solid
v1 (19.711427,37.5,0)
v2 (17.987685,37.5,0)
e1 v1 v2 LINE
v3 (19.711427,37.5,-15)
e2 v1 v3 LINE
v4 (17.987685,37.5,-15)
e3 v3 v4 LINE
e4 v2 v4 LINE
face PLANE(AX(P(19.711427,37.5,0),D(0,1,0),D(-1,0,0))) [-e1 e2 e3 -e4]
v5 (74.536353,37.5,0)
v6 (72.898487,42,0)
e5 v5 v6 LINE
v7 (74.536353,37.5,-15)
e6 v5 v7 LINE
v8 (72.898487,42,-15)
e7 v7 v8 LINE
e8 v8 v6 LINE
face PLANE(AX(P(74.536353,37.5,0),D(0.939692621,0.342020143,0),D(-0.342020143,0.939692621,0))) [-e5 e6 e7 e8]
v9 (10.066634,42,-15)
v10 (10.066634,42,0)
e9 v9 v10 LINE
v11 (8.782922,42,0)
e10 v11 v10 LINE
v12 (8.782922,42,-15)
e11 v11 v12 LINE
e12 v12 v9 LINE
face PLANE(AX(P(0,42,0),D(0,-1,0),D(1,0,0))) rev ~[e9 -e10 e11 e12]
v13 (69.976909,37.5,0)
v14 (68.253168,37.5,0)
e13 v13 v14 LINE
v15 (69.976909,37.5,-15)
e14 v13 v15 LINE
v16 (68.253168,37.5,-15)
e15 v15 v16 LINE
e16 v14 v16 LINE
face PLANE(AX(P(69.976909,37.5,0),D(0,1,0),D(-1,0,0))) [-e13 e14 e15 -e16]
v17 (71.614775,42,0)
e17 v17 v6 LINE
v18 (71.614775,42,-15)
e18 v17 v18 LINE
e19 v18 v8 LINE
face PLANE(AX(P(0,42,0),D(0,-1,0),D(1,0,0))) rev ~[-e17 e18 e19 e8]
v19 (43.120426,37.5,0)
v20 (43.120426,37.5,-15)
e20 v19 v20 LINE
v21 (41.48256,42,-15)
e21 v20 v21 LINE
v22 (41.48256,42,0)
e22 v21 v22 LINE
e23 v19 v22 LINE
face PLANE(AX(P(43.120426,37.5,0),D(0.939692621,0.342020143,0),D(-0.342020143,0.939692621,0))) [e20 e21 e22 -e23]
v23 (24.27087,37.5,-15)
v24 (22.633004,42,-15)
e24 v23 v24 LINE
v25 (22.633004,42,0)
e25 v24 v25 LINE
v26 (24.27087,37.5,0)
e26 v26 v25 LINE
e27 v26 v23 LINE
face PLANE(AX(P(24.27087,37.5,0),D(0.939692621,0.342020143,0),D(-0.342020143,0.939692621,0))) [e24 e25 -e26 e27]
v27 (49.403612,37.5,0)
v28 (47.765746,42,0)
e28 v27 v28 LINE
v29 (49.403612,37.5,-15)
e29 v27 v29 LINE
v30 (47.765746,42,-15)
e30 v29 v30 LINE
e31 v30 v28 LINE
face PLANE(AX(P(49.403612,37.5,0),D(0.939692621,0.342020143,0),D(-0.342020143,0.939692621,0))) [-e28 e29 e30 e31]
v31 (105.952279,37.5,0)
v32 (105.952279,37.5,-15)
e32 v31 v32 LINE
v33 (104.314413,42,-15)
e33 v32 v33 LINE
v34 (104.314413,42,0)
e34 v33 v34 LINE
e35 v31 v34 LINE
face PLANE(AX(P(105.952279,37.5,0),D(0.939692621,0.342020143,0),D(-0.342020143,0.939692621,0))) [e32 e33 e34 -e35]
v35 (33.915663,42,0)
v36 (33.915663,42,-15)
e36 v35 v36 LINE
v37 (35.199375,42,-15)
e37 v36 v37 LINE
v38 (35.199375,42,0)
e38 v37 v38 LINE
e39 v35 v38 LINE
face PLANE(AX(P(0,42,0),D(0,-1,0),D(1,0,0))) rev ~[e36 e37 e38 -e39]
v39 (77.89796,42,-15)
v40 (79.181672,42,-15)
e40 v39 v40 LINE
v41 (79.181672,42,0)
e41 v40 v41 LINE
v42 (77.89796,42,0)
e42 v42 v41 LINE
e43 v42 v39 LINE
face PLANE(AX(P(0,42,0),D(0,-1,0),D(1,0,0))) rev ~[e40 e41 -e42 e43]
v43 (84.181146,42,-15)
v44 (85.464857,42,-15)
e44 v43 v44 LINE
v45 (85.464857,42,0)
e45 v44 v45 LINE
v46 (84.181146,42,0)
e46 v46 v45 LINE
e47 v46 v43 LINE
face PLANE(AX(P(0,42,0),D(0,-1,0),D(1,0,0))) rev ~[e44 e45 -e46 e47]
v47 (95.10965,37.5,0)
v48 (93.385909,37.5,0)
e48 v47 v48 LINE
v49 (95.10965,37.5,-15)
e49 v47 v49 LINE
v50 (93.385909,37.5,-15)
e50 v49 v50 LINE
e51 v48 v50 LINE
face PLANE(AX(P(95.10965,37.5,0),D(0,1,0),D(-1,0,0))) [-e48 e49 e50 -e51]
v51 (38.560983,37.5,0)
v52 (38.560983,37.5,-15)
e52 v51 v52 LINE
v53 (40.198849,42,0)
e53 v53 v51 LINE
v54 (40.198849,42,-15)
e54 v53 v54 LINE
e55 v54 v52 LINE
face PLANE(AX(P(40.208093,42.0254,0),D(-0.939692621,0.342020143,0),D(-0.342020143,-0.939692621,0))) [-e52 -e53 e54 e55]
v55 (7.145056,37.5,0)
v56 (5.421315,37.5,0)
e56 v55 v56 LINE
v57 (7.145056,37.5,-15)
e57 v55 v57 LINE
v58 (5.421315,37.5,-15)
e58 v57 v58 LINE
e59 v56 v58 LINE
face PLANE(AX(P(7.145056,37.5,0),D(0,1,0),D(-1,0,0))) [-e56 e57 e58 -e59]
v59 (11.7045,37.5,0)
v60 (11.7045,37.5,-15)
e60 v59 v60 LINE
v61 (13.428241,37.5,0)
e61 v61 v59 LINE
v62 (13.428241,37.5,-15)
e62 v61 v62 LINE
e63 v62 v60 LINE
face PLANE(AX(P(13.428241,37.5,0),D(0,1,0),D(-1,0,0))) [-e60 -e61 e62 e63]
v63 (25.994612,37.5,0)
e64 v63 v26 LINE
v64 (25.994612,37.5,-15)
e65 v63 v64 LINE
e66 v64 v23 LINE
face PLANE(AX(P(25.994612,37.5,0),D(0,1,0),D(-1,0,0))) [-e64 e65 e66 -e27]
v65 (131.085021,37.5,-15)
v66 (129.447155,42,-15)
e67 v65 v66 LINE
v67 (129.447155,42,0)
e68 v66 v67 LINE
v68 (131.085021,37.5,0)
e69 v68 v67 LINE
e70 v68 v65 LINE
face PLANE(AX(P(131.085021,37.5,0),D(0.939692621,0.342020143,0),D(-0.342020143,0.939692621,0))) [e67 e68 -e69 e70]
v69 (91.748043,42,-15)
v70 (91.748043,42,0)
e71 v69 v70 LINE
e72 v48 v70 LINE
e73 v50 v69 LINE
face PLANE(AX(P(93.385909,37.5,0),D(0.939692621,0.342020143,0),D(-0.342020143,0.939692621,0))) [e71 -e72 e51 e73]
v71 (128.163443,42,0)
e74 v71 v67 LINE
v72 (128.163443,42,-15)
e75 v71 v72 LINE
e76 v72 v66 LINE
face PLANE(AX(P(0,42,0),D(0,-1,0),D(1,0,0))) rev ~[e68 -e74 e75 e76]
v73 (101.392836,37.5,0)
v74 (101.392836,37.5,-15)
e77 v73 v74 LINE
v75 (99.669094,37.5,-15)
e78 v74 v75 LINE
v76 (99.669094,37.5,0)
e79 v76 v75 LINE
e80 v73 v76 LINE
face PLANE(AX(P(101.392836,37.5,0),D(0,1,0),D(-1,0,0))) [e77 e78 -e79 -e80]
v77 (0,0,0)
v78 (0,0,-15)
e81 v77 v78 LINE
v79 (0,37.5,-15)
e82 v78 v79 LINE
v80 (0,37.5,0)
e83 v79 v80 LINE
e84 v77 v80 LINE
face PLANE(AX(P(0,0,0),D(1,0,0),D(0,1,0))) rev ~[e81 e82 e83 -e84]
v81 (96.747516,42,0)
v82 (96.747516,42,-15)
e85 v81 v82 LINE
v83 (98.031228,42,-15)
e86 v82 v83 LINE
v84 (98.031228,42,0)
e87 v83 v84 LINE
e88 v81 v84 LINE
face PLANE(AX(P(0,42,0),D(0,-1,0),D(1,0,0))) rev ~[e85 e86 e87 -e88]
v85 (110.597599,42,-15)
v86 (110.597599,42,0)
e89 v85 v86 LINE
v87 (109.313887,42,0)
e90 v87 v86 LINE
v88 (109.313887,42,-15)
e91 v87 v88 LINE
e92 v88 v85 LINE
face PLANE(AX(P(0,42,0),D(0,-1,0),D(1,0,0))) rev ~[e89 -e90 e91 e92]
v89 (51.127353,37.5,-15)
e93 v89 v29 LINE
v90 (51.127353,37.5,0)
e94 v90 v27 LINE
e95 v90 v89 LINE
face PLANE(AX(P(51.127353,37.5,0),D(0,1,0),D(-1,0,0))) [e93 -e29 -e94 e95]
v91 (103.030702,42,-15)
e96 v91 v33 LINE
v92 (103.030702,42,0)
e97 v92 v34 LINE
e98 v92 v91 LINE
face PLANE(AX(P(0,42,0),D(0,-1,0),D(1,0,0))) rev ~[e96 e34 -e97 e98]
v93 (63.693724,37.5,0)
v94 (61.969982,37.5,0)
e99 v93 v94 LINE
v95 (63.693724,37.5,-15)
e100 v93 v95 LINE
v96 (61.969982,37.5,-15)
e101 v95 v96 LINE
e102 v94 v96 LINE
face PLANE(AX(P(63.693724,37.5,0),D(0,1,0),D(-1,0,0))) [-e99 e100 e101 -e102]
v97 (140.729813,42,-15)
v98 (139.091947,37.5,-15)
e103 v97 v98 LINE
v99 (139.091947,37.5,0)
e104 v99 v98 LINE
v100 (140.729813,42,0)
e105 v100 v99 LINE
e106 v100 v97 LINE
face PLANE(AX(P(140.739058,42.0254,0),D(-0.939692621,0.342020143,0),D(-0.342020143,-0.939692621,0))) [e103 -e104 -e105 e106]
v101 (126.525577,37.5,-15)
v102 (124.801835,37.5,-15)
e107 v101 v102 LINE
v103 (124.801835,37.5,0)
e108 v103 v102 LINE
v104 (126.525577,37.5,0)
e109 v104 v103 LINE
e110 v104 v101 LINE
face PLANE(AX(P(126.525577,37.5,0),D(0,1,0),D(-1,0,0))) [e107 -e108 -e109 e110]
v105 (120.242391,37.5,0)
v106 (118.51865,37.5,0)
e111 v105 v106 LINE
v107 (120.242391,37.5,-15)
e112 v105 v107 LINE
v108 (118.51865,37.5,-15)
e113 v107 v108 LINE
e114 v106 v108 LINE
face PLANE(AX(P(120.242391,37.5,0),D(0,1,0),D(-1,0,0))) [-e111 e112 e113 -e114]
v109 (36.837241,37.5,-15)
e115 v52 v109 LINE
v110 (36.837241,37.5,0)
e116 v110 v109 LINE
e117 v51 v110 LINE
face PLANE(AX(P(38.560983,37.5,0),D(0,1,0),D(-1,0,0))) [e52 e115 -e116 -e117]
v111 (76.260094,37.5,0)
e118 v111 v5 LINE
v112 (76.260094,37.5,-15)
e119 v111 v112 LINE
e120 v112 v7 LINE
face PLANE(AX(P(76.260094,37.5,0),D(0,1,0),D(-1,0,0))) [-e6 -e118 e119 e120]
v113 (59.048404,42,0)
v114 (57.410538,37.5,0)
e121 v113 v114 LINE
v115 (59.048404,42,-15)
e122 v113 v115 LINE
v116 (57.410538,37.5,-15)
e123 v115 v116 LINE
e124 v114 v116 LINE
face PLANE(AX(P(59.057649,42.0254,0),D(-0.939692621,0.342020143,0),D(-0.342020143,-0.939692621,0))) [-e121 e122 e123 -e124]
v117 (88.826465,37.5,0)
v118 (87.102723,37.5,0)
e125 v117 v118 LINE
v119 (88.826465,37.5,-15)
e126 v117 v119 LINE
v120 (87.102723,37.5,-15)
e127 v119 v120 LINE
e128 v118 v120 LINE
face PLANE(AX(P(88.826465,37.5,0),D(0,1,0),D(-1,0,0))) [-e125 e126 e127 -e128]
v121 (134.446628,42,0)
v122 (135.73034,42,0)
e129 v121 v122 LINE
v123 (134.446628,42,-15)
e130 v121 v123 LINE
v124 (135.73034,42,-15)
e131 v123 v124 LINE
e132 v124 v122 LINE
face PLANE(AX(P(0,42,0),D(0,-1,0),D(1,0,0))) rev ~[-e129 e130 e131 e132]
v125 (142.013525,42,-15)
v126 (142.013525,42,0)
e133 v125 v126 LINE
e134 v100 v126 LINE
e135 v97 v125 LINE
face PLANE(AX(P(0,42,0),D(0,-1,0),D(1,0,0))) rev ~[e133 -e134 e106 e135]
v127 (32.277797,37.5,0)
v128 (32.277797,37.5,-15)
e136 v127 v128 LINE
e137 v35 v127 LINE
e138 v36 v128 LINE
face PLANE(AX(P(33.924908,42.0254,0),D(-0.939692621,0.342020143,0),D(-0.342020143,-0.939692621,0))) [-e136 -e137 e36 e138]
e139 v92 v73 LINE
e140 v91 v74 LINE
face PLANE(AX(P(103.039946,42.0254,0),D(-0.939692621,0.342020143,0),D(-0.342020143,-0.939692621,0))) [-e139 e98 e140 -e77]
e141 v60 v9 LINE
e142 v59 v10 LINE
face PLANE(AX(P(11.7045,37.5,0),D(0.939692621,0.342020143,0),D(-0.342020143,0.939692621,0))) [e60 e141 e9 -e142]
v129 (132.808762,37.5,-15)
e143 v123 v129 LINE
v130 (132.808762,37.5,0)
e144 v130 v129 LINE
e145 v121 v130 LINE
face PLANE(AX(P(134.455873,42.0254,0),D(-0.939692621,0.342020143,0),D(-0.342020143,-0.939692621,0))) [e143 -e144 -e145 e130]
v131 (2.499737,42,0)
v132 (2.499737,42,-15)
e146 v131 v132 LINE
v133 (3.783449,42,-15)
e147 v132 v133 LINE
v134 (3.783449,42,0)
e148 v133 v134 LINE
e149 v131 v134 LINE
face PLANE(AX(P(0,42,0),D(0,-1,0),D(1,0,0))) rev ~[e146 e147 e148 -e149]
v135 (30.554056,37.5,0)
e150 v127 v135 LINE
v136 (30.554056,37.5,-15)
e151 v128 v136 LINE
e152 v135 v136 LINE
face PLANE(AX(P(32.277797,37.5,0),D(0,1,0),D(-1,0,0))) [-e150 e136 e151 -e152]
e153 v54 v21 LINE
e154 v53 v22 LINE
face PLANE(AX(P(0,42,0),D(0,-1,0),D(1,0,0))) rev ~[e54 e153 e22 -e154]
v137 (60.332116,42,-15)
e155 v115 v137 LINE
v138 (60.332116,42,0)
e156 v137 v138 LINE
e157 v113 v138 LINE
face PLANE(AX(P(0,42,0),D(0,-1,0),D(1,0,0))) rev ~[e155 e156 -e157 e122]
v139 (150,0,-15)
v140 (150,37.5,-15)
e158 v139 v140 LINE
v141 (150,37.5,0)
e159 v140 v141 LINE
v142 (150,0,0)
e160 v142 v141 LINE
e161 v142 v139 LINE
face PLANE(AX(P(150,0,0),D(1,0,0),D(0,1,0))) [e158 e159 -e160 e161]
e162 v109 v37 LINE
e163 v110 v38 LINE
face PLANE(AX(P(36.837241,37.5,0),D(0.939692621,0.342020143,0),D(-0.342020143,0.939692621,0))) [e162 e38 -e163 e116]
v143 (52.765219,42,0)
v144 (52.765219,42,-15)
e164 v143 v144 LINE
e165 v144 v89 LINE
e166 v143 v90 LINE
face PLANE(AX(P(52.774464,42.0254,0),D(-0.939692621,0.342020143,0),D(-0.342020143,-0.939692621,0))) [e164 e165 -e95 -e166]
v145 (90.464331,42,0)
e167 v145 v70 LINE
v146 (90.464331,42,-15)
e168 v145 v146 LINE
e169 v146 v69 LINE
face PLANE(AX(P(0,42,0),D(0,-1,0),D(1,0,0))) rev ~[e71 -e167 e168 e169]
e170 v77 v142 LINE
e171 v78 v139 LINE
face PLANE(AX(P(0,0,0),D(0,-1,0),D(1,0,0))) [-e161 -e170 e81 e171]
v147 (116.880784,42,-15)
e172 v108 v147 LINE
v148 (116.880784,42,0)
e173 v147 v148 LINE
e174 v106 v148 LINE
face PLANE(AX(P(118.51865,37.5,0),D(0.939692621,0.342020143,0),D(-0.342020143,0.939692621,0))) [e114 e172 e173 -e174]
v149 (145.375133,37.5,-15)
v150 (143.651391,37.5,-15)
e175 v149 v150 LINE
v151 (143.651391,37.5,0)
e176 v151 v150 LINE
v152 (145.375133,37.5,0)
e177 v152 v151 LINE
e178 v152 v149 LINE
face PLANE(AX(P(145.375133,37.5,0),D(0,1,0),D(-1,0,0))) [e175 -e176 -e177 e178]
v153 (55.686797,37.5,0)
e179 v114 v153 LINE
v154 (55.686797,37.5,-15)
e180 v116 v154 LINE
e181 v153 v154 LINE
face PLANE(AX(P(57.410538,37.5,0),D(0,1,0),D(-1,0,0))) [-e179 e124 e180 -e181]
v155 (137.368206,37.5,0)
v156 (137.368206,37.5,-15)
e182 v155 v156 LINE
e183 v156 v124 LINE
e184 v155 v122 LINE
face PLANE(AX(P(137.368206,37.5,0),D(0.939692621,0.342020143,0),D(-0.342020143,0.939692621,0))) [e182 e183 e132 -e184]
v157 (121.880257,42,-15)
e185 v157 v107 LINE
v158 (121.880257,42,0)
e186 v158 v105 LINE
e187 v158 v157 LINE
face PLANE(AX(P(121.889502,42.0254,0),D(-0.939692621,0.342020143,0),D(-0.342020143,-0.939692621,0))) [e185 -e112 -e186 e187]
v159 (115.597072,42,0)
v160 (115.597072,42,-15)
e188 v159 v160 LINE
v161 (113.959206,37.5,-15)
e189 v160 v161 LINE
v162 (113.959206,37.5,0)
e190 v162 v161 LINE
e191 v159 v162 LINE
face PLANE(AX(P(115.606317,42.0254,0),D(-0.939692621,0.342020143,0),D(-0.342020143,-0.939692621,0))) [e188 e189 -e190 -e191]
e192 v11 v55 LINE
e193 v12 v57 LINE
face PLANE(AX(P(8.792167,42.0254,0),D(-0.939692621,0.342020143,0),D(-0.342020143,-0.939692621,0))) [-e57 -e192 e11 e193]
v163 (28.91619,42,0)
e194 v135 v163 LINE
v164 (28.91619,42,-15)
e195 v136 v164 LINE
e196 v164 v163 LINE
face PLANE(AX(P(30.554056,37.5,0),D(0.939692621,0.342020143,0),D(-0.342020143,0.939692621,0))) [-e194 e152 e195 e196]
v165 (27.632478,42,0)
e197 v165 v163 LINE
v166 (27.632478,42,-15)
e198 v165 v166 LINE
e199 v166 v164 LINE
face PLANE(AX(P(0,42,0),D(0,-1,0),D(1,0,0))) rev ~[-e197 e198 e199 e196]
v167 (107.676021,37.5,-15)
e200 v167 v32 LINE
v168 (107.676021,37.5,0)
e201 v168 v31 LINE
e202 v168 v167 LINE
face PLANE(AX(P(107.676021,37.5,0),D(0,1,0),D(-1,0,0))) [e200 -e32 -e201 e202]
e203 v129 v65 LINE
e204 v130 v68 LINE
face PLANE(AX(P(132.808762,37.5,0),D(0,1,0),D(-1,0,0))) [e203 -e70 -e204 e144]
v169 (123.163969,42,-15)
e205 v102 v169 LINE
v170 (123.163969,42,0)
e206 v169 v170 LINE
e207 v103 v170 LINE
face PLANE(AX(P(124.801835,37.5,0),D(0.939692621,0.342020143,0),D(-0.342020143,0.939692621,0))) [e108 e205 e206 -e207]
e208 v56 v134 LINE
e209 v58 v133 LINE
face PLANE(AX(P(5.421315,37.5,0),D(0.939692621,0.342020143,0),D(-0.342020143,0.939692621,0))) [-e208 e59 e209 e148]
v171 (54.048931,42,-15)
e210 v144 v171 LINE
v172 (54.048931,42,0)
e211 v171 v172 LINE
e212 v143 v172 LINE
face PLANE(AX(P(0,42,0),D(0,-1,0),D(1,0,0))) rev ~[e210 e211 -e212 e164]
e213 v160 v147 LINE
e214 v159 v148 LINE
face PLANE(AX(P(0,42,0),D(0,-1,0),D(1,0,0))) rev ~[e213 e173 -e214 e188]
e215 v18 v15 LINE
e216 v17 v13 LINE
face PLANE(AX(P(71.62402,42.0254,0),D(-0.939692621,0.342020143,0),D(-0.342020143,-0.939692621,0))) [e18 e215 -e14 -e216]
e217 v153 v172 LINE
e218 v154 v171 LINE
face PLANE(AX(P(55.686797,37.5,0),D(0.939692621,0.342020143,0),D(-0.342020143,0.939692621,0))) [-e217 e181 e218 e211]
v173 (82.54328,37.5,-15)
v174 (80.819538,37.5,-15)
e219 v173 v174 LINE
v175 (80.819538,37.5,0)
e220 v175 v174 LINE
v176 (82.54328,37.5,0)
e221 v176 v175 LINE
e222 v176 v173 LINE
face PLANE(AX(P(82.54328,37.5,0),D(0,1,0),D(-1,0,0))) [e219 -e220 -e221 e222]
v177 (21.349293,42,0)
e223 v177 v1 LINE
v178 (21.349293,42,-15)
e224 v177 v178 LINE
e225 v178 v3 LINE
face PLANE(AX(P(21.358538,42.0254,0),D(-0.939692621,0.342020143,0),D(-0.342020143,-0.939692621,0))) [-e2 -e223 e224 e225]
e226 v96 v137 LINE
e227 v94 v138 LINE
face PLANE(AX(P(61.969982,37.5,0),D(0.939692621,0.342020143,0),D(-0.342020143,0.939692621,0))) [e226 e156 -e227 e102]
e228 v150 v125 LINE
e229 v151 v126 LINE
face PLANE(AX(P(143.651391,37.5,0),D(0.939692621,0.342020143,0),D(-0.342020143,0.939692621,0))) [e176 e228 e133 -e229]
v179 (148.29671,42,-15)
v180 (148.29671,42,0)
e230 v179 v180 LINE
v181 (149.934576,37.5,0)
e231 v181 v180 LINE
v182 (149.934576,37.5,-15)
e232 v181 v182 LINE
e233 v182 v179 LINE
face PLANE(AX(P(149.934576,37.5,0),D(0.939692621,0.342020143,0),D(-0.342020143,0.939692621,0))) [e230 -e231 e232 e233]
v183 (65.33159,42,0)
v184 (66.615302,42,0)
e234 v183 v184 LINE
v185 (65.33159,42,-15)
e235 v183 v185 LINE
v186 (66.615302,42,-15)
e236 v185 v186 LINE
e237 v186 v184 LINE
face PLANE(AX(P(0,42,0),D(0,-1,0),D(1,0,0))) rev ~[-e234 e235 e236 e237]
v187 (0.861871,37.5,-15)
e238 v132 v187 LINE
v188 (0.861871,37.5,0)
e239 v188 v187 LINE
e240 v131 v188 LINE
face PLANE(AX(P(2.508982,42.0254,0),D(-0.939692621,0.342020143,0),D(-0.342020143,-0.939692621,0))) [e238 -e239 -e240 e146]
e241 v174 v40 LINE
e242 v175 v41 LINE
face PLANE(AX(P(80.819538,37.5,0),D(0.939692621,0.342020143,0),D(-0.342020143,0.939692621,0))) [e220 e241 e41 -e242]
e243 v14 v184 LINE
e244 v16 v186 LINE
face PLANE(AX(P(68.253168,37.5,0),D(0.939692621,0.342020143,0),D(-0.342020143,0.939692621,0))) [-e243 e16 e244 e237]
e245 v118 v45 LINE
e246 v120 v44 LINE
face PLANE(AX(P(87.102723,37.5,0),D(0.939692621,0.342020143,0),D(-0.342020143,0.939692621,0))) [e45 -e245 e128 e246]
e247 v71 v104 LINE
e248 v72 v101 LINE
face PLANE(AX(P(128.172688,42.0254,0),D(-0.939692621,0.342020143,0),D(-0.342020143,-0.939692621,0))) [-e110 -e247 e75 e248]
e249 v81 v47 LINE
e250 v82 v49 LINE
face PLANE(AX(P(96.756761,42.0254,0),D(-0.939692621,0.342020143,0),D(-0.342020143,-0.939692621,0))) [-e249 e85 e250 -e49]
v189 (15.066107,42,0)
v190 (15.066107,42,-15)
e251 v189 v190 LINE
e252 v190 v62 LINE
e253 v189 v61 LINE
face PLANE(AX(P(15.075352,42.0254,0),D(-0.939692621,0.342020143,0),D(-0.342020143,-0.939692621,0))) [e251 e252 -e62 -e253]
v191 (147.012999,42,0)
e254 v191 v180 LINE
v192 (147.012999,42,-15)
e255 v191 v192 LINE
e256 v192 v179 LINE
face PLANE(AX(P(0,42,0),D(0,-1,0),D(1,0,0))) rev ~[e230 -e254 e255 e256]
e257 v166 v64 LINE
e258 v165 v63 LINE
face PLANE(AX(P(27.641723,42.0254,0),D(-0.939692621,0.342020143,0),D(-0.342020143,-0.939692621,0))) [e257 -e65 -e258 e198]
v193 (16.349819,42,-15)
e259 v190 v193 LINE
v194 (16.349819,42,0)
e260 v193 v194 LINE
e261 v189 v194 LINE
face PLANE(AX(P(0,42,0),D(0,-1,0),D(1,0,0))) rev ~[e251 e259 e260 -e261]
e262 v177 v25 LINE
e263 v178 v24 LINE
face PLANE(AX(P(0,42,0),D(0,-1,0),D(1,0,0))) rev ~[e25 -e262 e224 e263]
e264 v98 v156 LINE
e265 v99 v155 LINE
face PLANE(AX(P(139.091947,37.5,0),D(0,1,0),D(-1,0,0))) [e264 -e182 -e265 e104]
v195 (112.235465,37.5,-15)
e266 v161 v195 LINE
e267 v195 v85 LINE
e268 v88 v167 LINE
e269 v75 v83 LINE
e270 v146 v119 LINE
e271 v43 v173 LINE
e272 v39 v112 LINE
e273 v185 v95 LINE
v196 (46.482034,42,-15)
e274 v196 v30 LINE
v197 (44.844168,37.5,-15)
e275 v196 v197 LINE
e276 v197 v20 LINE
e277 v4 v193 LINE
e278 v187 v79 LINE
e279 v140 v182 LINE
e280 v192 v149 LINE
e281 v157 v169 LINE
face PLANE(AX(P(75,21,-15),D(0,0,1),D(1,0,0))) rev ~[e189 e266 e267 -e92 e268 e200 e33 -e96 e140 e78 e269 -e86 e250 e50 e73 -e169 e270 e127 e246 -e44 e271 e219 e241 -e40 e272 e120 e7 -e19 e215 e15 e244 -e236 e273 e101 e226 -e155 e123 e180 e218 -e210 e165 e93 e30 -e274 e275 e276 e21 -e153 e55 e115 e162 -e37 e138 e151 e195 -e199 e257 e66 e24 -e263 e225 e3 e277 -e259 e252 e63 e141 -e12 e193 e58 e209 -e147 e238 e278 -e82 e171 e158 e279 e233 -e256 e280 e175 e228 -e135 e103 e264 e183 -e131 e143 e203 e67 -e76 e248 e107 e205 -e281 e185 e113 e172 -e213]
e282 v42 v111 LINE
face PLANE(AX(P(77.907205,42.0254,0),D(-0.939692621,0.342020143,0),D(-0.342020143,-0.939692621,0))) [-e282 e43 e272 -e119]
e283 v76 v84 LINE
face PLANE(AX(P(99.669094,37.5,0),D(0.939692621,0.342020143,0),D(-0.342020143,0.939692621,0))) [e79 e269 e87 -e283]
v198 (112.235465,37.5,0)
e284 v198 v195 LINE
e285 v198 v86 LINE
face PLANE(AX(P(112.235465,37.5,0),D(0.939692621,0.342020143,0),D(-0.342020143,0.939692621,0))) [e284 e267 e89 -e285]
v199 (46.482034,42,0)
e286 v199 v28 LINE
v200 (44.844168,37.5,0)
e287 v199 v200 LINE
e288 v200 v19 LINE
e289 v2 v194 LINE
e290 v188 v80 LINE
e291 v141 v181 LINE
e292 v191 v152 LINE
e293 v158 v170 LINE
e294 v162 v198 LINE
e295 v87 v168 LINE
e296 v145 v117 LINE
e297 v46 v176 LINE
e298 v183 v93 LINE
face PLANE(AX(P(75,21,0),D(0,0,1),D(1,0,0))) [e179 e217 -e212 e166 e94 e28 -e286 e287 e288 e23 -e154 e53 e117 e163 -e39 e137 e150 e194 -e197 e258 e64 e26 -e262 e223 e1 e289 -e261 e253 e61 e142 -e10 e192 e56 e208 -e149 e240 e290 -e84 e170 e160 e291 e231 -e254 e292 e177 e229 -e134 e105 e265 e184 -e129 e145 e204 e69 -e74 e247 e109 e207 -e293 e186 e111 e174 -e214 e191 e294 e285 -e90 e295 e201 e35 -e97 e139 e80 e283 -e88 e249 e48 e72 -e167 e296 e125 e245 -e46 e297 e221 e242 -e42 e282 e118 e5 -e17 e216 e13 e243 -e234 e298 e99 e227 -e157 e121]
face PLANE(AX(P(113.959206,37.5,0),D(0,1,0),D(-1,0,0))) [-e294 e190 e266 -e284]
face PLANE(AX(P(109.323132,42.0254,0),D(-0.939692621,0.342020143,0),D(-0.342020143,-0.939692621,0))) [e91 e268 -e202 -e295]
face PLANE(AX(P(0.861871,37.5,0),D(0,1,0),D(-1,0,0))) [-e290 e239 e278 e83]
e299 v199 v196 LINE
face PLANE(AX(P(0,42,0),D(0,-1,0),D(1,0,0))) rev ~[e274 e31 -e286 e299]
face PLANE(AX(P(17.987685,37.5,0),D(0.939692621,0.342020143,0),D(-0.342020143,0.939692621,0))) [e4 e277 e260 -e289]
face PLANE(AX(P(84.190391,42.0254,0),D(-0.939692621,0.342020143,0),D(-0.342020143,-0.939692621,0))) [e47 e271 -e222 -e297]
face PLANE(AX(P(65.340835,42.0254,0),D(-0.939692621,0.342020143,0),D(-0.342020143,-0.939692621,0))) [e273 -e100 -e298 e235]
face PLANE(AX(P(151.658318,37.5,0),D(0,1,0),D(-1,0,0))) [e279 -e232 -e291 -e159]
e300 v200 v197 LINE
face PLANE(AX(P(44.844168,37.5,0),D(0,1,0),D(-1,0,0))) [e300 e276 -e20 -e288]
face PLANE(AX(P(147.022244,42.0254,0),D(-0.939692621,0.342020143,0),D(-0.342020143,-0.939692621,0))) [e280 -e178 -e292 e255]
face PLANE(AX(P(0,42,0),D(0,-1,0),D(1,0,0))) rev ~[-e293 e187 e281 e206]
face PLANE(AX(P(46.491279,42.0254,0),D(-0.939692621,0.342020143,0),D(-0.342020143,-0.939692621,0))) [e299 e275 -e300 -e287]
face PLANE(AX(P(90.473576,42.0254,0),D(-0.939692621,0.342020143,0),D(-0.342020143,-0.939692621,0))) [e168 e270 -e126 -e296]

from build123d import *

# Parameters (mm, degrees)
BLANKSKE_W        = 150
BLANKSKE_H        = 42
BLANK_DEPTH       = 15
TOOTHCUTSIM_DEPTH = 157.489616269
TEETHCUTS_COUNT   = 25
TEETHCUTS_PITCH   = 6.2831853


with BuildPart() as part:
    # BlankSke → Blank (new body)
    with BuildSketch(Plane.XY):
        with Locations((75, 21)):
            Rectangle(BLANKSKE_W, BLANKSKE_H)
    extrude(amount=-BLANK_DEPTH)

    # TooCutSkeSim → ToothCutSim (cut, through all)
    with BuildSketch(Plane.XY):
        Polygon((0.861870739, 37.5), (-0.861870739, 37.5), (-2.508981637, 42.0254), (2.508981637, 42.0254), align=None)
    toothcutsim = extrude(amount=-TOOTHCUTSIM_DEPTH, mode=Mode.SUBTRACT)

    # TeethCuts: ToothCutSim ×25
    with Locations(*[(i * TEETHCUTS_PITCH, 0, 0) for i in range(1, TEETHCUTS_COUNT)]):
        add(toothcutsim, mode=Mode.SUBTRACT)


solid = part.part
